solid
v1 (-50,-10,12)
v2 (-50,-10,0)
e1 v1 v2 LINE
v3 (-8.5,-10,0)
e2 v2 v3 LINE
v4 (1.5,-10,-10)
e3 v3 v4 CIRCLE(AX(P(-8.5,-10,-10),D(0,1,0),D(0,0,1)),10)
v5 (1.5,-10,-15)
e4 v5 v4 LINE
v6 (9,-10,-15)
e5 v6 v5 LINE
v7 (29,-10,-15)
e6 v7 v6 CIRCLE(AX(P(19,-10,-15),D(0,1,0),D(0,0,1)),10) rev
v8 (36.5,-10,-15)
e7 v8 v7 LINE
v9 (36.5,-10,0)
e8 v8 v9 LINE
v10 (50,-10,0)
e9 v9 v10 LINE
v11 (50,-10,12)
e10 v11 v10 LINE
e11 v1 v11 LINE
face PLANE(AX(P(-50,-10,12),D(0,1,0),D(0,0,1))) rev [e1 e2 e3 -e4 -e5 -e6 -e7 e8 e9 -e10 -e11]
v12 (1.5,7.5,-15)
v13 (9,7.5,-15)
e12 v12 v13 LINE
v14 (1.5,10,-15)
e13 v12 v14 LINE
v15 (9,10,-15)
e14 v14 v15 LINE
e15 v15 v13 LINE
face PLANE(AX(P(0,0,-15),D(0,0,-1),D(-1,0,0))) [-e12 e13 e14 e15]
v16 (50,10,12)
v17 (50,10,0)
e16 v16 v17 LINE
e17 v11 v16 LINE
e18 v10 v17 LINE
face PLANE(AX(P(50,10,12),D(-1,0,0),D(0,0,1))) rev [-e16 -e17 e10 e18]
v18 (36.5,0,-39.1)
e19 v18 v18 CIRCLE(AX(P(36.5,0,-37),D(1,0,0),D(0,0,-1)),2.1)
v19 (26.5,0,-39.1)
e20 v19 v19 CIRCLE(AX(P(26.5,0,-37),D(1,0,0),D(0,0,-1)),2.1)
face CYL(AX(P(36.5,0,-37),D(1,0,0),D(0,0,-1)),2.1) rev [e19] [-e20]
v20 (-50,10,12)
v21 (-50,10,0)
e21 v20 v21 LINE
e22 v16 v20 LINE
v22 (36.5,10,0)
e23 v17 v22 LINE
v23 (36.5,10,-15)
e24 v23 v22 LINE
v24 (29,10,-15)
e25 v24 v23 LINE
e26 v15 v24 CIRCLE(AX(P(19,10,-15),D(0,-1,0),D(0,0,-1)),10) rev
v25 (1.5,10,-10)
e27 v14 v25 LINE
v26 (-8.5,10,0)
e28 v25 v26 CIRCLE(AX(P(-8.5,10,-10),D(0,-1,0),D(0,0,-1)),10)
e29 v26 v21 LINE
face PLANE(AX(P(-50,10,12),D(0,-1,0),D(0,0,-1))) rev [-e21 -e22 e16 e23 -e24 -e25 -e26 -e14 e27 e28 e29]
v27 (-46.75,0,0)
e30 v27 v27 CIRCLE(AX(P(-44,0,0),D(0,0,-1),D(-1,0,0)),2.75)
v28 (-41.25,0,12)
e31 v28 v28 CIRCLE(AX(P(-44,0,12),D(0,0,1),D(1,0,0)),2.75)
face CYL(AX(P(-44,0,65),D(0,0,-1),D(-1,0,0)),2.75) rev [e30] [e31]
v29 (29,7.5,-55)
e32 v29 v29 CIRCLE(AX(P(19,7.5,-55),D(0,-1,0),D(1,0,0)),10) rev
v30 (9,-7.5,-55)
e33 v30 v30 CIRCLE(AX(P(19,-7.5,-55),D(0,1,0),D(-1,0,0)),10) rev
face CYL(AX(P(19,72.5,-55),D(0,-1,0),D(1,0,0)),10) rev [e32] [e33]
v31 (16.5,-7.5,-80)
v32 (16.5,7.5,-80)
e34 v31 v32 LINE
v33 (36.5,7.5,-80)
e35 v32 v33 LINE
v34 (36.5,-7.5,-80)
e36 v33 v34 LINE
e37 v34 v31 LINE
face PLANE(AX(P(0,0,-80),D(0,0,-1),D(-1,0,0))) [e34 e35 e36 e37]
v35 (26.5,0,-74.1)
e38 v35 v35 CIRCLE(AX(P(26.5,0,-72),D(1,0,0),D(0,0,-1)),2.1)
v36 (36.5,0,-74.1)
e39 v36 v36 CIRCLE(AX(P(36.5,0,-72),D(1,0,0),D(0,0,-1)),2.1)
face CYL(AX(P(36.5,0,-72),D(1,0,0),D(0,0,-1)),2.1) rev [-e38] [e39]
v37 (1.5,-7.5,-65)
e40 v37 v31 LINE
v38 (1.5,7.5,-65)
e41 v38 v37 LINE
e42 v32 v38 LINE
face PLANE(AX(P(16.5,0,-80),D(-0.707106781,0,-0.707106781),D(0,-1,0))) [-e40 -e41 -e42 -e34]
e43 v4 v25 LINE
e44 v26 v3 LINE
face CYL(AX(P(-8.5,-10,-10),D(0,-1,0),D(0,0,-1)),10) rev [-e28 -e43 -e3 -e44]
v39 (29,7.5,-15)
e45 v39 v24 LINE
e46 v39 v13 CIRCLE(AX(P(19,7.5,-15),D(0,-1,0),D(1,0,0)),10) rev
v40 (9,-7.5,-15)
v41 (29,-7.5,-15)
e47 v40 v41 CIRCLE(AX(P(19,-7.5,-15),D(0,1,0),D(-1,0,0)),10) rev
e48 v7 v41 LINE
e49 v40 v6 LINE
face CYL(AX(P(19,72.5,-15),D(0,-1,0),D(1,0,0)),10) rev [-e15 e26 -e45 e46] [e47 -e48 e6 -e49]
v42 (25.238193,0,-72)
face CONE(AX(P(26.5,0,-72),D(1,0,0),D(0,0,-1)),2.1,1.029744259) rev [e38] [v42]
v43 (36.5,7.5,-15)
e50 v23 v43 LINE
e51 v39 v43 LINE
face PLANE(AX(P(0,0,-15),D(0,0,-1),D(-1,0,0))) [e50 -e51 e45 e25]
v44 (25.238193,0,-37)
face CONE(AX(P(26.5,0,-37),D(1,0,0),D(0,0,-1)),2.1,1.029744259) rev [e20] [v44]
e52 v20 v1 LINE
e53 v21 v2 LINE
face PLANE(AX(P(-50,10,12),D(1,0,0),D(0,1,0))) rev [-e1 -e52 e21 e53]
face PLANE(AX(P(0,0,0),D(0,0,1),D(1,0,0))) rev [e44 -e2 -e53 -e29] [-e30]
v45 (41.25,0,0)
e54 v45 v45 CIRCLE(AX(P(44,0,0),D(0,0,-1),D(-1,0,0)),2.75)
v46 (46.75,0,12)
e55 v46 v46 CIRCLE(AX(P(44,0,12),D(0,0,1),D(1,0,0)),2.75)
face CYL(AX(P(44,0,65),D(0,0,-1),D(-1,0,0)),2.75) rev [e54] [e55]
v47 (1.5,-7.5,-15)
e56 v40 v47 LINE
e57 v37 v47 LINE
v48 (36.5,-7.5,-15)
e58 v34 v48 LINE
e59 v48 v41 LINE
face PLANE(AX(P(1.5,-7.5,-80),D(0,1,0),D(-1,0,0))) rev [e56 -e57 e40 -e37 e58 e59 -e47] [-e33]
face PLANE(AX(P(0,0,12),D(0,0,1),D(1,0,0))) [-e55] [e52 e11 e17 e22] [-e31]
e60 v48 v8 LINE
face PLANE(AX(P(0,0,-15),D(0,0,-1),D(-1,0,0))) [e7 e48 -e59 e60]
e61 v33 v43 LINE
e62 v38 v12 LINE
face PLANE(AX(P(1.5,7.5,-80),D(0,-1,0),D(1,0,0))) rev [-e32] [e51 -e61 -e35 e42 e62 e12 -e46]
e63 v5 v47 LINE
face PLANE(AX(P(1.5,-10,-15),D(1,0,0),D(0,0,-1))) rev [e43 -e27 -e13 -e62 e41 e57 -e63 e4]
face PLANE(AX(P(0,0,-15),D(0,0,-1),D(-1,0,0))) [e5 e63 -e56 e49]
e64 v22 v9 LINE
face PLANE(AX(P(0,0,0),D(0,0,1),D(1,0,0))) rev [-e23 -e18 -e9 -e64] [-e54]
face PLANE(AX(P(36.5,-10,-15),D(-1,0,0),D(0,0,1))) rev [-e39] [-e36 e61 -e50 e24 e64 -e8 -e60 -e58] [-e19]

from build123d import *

# Parameters (mm, degrees)
SKETCH1_W               = 100
SKETCH1_H               = 20
BOSS_EXTRUDE1_DEPTH     = 12
SKETCH2_W               = 35
SKETCH2_H               = 20
BOSS_EXTRUDE3_DEPTH     = 15
SKETCH3_W               = 35
SKETCH3_H               = 15
BOSS_EXTRUDE4_DEPTH     = 65
FILLET1_R               = 10
CHAMFER1_SIZE           = 15
SKETCH4_R               = 10
CUT_EXTRUDE1_DEPTH      = 65
CUT_EXTRUDE1_DEPTH_BACK = 65
M5_TAPPED_HOLE1_D       = 4.2
M5_TAPPED_HOLE1_DEPTH   = 10
M5_TAPPED_HOLE1_TIP     = 1.2618073
SKETCH7_R               = 2.75
CUT_EXTRUDE2_DEPTH      = 65


with BuildPart() as part:
    # Sketch1 → Boss-Extrude1 (new body)
    with BuildSketch(Plane.XY):
        Rectangle(SKETCH1_W, SKETCH1_H)
    extrude(amount=BOSS_EXTRUDE1_DEPTH)

    # Sketch2 → Boss-Extrude3 (add)
    with BuildSketch(Plane(origin=(0, 0, 0), x_dir=(-1, 0, 0), z_dir=(0, 0, -1))):
        with Locations((-19, 0)):
            Rectangle(SKETCH2_W, SKETCH2_H)
    extrude(amount=BOSS_EXTRUDE3_DEPTH)

    # Sketch3 → Boss-Extrude4 (add)
    with BuildSketch(Plane(origin=(0, 0, -15), x_dir=(-1, 0, 0), z_dir=(0, 0, -1))):
        with Locations((-19, 0)):
            Rectangle(SKETCH3_W, SKETCH3_H)
    extrude(amount=BOSS_EXTRUDE4_DEPTH)

    # Fillet1
    fillet1_edges = [part.edges().sort_by_distance(p)[0] for p in [
        (1.5, 0, 0),
    ]]
    fillet(fillet1_edges, radius=FILLET1_R)

    # Chamfer1
    chamfer1_edges = [part.edges().sort_by_distance(p)[0] for p in [
        (1.5, 0, -80),
    ]]
    chamfer(chamfer1_edges, length=CHAMFER1_SIZE)

    # Sketch4 → Cut-Extrude1 (cut, two sides)
    with BuildSketch(Plane(origin=(0, 7.5, 0), x_dir=(1, 0, 0), z_dir=(0, 1, 0))) as cut_extrude1_sk:
        with Locations((19, 15)):
            Circle(SKETCH4_R)
        with Locations((19, 55)):
            Circle(SKETCH4_R)
    extrude(amount=CUT_EXTRUDE1_DEPTH, mode=Mode.SUBTRACT)
    extrude(cut_extrude1_sk.sketch, amount=-CUT_EXTRUDE1_DEPTH_BACK, mode=Mode.SUBTRACT)

    # M5 Tapped Hole1
    with Locations(Plane(origin=(36.5, 0, 0), x_dir=(0, 0, -1), z_dir=(1, 0, 0))):
        with Locations((72, 0), (37, 0)):
            Hole(M5_TAPPED_HOLE1_D / 2, depth=M5_TAPPED_HOLE1_DEPTH)
            with Locations((0, 0, -(M5_TAPPED_HOLE1_DEPTH + M5_TAPPED_HOLE1_TIP / 2))):  # 118° drill point
                Cone(0, M5_TAPPED_HOLE1_D / 2, M5_TAPPED_HOLE1_TIP, mode=Mode.SUBTRACT)

    # Sketch7 → Cut-Extrude2 (cut)
    with BuildSketch(Plane(origin=(0, 0, 0), x_dir=(-1, 0, 0), z_dir=(0, 0, -1))):
        with Locations((44, 0)):
            Circle(SKETCH7_R)
        with Locations((-44, 0)):
            Circle(SKETCH7_R)
    extrude(amount=-CUT_EXTRUDE2_DEPTH, mode=Mode.SUBTRACT)


solid = part.part
